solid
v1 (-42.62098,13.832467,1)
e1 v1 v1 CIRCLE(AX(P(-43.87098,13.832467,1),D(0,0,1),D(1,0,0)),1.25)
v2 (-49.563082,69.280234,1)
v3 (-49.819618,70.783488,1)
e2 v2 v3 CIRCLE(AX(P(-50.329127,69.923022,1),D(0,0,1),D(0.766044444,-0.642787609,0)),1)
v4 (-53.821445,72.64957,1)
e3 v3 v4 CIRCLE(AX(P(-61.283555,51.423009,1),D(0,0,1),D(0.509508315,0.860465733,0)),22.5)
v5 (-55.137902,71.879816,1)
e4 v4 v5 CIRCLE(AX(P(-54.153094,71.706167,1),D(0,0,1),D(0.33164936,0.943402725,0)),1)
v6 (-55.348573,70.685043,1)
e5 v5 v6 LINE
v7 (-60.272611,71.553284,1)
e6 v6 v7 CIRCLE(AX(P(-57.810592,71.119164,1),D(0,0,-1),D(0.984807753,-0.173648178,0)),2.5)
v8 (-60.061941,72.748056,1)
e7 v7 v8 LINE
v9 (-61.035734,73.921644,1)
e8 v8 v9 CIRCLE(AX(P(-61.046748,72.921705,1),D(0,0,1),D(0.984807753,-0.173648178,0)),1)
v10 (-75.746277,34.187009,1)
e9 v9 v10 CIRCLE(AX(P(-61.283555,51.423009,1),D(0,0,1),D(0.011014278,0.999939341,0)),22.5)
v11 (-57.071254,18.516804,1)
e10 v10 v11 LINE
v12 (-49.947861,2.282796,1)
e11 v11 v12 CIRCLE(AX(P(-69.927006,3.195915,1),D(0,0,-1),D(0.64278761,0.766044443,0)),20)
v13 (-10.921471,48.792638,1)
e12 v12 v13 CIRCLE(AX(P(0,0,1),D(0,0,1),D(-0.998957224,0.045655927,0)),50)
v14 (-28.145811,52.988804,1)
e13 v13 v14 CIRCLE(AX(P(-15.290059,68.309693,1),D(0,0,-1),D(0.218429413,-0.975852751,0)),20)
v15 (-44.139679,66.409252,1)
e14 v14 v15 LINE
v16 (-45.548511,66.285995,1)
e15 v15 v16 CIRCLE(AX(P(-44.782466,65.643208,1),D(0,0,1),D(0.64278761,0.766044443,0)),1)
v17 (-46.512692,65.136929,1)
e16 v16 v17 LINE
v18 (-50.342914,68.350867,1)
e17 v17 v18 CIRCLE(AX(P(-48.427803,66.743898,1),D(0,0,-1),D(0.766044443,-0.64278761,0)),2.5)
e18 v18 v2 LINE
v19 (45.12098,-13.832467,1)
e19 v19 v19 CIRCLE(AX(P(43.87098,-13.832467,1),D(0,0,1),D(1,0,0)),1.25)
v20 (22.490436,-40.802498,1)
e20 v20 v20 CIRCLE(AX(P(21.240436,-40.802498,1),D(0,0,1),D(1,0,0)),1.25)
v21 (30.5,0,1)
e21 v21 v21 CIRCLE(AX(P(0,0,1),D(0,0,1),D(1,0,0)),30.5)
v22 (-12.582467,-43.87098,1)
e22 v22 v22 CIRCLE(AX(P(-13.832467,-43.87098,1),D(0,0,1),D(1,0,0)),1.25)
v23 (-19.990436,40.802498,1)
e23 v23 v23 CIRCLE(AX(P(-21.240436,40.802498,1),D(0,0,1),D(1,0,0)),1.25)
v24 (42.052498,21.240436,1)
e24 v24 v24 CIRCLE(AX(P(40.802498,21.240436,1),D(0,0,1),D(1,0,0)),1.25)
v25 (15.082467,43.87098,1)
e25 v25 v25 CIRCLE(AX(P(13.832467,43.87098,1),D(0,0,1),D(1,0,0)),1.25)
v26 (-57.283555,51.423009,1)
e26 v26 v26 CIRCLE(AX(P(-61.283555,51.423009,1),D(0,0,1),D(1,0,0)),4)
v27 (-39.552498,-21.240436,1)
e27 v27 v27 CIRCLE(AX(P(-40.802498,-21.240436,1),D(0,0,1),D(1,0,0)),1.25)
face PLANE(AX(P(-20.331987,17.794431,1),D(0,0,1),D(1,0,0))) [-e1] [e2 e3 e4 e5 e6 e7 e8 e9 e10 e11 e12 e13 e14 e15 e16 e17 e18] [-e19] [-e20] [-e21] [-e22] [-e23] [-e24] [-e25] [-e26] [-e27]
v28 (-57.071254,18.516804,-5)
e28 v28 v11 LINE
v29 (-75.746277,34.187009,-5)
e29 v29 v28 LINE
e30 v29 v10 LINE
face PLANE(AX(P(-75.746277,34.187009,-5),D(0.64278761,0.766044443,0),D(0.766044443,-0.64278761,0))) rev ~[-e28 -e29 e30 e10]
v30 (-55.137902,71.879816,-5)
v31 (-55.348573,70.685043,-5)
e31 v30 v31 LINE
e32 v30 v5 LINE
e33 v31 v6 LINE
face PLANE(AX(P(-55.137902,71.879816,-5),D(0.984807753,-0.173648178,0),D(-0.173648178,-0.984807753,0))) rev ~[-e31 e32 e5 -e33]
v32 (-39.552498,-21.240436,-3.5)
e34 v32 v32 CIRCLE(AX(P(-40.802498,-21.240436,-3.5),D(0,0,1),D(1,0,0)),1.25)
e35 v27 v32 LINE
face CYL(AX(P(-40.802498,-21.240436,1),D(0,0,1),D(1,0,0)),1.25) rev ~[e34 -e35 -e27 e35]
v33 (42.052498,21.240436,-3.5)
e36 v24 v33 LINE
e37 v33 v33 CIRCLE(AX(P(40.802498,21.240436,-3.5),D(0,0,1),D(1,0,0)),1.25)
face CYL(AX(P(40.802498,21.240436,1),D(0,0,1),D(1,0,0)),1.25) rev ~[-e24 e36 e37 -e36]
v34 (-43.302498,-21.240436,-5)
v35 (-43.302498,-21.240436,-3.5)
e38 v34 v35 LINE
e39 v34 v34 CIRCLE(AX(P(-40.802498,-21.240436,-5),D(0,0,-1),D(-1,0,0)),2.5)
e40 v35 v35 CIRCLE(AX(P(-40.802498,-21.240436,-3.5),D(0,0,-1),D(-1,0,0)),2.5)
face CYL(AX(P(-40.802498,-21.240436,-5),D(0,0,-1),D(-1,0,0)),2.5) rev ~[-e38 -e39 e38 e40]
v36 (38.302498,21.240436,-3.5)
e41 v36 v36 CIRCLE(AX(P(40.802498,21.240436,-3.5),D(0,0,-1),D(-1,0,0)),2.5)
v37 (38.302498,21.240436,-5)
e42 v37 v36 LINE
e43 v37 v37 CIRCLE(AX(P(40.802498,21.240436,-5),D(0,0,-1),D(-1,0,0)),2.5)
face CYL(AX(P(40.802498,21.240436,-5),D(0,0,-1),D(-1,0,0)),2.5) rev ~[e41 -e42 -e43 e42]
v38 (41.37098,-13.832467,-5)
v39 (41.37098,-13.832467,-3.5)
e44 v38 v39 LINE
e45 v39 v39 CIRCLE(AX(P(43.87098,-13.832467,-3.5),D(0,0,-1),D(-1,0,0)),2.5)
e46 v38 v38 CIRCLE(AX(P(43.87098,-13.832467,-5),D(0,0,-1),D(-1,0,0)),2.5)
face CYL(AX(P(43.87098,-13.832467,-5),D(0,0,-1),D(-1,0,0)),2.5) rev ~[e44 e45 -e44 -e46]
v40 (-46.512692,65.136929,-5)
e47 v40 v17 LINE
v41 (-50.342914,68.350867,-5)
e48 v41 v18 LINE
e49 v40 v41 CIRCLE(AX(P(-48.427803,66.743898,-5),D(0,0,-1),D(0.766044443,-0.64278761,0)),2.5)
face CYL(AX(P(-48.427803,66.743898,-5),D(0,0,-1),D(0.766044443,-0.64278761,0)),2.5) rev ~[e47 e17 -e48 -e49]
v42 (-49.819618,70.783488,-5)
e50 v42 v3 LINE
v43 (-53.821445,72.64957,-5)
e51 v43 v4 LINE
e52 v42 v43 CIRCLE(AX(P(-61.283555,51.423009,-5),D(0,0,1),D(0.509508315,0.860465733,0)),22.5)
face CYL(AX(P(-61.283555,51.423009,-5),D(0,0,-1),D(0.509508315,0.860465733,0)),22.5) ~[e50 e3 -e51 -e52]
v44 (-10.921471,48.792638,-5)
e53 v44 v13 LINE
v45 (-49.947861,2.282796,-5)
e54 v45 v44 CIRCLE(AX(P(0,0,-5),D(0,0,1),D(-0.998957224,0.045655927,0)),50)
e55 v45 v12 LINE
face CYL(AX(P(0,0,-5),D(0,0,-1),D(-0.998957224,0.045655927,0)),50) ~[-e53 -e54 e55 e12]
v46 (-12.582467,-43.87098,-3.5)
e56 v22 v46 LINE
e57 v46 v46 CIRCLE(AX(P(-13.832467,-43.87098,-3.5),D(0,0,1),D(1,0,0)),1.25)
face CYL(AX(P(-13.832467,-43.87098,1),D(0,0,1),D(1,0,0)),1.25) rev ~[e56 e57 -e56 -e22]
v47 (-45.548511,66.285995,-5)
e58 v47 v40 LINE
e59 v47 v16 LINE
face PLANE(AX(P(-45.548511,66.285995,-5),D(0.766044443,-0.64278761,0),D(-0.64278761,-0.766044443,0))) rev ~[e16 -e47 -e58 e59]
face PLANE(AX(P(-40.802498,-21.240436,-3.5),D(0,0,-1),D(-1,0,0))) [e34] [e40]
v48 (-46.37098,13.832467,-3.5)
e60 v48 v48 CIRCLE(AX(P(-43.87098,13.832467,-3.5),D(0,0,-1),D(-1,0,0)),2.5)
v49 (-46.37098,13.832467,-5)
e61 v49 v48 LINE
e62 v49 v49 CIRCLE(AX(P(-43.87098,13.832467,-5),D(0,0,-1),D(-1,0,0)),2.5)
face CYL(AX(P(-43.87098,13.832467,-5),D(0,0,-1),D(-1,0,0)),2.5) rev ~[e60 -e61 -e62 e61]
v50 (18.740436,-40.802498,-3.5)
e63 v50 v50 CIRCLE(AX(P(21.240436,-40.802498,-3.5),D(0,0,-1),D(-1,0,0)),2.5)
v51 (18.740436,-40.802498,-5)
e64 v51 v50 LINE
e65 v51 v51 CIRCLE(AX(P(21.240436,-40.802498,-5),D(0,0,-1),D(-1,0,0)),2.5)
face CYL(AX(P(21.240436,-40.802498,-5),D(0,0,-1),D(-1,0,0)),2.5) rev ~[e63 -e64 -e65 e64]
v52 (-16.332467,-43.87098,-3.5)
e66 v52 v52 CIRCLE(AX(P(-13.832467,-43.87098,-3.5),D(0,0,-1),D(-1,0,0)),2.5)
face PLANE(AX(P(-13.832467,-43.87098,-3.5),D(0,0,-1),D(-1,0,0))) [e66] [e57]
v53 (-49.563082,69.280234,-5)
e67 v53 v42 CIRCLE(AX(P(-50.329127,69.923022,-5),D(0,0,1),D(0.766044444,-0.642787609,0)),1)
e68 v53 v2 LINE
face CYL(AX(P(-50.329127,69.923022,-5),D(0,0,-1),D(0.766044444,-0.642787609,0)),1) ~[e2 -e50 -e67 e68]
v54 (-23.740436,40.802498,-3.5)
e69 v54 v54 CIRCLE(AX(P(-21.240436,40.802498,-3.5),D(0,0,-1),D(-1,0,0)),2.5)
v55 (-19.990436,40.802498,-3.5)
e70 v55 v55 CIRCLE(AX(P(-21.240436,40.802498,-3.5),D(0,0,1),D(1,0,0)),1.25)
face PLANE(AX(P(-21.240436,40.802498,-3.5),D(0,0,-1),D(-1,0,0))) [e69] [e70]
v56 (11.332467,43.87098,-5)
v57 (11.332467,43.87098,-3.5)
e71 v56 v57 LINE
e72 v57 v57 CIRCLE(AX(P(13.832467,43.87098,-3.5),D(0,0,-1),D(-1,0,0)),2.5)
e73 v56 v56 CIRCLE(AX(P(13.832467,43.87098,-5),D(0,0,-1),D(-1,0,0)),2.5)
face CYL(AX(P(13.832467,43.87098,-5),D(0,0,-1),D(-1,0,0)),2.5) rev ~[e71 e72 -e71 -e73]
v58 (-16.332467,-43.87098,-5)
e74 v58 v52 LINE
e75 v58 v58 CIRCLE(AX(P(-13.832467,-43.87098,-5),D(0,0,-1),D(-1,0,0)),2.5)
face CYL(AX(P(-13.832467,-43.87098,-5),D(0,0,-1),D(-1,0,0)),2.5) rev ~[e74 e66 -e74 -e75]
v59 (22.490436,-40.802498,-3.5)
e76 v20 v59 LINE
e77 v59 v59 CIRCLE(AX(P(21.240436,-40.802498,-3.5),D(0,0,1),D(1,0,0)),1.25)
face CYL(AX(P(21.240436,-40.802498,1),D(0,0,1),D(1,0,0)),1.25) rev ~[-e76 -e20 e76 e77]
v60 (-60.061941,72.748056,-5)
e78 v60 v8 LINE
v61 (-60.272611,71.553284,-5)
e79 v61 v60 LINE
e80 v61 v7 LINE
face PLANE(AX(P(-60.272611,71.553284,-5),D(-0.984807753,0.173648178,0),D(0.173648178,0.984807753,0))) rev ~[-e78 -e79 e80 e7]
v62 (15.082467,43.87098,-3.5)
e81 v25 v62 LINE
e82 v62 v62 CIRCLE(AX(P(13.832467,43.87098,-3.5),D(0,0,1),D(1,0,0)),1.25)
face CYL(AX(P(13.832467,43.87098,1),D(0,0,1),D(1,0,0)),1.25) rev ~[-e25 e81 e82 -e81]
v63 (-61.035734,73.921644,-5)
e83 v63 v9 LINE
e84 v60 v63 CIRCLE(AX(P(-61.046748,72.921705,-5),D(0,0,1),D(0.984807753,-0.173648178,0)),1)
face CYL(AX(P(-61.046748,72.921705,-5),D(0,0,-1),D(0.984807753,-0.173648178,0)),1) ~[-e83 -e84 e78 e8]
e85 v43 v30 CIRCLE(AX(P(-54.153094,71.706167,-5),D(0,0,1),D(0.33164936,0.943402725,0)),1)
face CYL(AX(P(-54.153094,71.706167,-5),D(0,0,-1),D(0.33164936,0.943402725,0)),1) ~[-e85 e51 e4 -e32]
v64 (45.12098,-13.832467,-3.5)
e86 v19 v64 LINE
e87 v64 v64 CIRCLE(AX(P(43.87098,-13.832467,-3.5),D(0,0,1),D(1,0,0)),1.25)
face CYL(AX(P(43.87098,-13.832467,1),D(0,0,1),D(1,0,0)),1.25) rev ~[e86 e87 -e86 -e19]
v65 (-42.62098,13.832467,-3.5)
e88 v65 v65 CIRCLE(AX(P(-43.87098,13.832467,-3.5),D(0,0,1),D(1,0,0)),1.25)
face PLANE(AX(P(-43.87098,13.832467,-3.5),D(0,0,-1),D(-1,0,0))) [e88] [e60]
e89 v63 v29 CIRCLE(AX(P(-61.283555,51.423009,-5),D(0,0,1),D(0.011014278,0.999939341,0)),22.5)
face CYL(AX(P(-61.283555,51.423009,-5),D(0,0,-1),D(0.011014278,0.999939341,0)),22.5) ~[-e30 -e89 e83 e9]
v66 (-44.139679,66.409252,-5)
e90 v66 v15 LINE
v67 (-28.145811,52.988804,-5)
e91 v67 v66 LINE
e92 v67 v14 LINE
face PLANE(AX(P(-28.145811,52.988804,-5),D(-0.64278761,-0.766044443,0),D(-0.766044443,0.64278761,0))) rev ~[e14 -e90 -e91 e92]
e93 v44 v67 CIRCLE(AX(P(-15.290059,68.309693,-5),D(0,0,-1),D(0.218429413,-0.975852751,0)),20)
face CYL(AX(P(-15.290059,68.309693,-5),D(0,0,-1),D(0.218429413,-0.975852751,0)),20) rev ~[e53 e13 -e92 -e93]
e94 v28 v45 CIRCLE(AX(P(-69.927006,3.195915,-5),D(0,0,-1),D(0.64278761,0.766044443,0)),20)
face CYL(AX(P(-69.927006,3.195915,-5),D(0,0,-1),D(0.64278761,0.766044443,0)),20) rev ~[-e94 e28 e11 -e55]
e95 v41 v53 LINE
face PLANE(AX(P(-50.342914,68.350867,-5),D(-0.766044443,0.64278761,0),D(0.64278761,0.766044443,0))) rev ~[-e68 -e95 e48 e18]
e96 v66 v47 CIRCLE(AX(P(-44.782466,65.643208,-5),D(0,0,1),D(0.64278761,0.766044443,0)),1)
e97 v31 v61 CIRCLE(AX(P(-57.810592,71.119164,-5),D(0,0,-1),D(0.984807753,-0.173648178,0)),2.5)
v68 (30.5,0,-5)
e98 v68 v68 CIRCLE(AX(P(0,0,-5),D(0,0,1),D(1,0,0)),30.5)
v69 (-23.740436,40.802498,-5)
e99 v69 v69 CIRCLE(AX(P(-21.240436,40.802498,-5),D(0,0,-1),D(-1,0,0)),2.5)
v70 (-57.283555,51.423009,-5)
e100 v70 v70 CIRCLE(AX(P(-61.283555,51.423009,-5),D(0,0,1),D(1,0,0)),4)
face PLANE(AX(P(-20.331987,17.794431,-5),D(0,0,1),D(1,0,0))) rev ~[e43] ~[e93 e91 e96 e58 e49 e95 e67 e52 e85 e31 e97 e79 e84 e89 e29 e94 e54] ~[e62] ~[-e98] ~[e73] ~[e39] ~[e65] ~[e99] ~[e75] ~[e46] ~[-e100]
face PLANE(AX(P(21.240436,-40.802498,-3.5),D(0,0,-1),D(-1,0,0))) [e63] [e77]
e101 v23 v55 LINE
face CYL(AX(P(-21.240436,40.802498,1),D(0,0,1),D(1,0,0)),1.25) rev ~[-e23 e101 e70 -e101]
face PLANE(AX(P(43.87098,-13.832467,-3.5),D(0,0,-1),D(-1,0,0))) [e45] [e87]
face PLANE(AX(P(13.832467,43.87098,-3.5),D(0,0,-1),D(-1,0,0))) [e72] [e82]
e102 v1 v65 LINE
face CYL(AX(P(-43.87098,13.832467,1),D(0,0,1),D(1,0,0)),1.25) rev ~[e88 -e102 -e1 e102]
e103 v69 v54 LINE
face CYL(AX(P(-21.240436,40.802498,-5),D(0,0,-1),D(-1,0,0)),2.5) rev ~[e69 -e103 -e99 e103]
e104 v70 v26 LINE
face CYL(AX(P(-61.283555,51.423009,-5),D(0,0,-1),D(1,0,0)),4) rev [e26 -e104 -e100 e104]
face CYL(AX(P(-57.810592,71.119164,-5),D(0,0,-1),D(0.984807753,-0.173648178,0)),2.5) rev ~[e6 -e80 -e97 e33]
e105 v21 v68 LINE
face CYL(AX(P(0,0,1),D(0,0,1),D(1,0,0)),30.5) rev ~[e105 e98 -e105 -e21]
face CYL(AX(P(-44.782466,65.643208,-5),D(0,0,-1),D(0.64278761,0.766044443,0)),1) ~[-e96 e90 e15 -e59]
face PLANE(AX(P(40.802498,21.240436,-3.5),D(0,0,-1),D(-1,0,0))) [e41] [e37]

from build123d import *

# Parameters (mm, degrees)
EXTRUDE_2_DEPTH      = 1
EXTRUDE_2_DEPTH_BACK = 5
SKETCH_1_R           = 4
SKETCH_2_R           = 1.25
SKETCH_2_R_2         = 30.5
CUT_EXTRUDE_1_DEPTH  = 10
SKETCH_3_R           = 2.5
CUT_EXTRUDE_2_DEPTH  = 1.5


with BuildPart() as part:
    # 草图1 → 凸台-拉伸2 (new, two sides: drawn at the far end of the back side and taken through both)
    with BuildSketch(Plane.XY.offset(-EXTRUDE_2_DEPTH_BACK)):
        with BuildLine():
            Line((-28.145811083, 52.988803709), (-44.139678681, 66.409252111))
            ThreePointArc((-44.139678681, 66.409252111), (-44.869622033, 66.639402366), (-45.548510733, 66.285995278))
            Line((-45.548510733, 66.285995278), (-46.512692148, 65.136928613))
            ThreePointArc((-46.512692148, 65.136928613), (-50.03477228, 64.82878653), (-50.342914364, 68.350866662))
            Line((-50.342914364, 68.350866662), (-49.563082227, 69.280234412))
            ThreePointArc((-49.563082227, 69.280234412), (-49.343377533, 70.09124401), (-49.819618355, 70.783487754))
            ThreePointArc((-49.819618355, 70.783487754), (-51.77464456, 71.814933983), (-53.821444834, 72.649570088))
            ThreePointArc((-53.821444834, 72.649570088), (-54.657856007, 72.569426022), (-55.137901948, 71.87981554))
            Line((-55.137901948, 71.87981554), (-55.348572514, 70.685043391))
            ThreePointArc((-55.348572514, 70.685043391), (-58.24471234, 68.657144453), (-60.272611279, 71.553284279))
            Line((-60.272611279, 71.553284279), (-60.061940713, 72.748056429))
            ThreePointArc((-60.061940713, 72.748056429), (-60.277175665, 73.560263691), (-61.035734188, 73.921643947))
            ThreePointArc((-61.035734188, 73.921643947), (-82.383938211, 59.234784971), (-75.746276667, 34.187008805))
            Line((-75.746276667, 34.187008805), (-57.071253519, 18.516803768))
            ThreePointArc((-57.071253519, 18.516803768), (-51.612575359, 11.232185237), (-49.947861223, 2.282796361))
            ThreePointArc((-49.947861223, 2.282796361), (38.302222156, -32.139380484), (-10.921470635, 48.792637551))
            ThreePointArc((-10.921470635, 48.792637551), (-20.02397276, 48.878015869), (-28.145811083, 52.988803709))
        make_face()
        with Locations((-61.28355545, 51.423008775)):
            Circle(SKETCH_1_R, mode=Mode.SUBTRACT)
    extrude(amount=EXTRUDE_2_DEPTH + EXTRUDE_2_DEPTH_BACK)

    # 草图2 → 切除-拉伸1 (cut)
    with BuildSketch(Plane.XY.offset(1)):
        with Locations((-21.240436209, 40.802498326)):
            Circle(SKETCH_2_R)
        with Locations((13.832466777, 43.870979734)):
            Circle(SKETCH_2_R)
        with Locations((40.802498326, 21.240436209)):
            Circle(SKETCH_2_R)
        with Locations((43.870979734, -13.832466777)):
            Circle(SKETCH_2_R)
        with Locations((21.240436209, -40.802498326)):
            Circle(SKETCH_2_R)
        with Locations((-13.832466777, -43.870979734)):
            Circle(SKETCH_2_R)
        with Locations((-40.802498326, -21.240436209)):
            Circle(SKETCH_2_R)
        with Locations((-43.870979734, 13.832466777)):
            Circle(SKETCH_2_R)
        Circle(SKETCH_2_R_2)
    extrude(amount=-CUT_EXTRUDE_1_DEPTH, mode=Mode.SUBTRACT)

    # 草图3 → 切除-拉伸2 (cut)
    with BuildSketch(Plane(origin=(0, 0, -5), x_dir=(-1, 0, 0), z_dir=(0, 0, -1))):
        with Locations((-13.832466777, 43.870979734)):
            Circle(SKETCH_3_R)
        with Locations((21.240436209, 40.802498326)):
            Circle(SKETCH_3_R)
        with Locations((43.870979734, 13.832466777)):
            Circle(SKETCH_3_R)
        with Locations((40.802498326, -21.240436209)):
            Circle(SKETCH_3_R)
        with Locations((13.832466777, -43.870979734)):
            Circle(SKETCH_3_R)
        with Locations((-21.240436209, -40.802498326)):
            Circle(SKETCH_3_R)
        with Locations((-43.870979734, -13.832466777)):
            Circle(SKETCH_3_R)
        with Locations((-40.802498326, 21.240436209)):
            Circle(SKETCH_3_R)
    extrude(amount=-CUT_EXTRUDE_2_DEPTH, mode=Mode.SUBTRACT)


solid = part.part
